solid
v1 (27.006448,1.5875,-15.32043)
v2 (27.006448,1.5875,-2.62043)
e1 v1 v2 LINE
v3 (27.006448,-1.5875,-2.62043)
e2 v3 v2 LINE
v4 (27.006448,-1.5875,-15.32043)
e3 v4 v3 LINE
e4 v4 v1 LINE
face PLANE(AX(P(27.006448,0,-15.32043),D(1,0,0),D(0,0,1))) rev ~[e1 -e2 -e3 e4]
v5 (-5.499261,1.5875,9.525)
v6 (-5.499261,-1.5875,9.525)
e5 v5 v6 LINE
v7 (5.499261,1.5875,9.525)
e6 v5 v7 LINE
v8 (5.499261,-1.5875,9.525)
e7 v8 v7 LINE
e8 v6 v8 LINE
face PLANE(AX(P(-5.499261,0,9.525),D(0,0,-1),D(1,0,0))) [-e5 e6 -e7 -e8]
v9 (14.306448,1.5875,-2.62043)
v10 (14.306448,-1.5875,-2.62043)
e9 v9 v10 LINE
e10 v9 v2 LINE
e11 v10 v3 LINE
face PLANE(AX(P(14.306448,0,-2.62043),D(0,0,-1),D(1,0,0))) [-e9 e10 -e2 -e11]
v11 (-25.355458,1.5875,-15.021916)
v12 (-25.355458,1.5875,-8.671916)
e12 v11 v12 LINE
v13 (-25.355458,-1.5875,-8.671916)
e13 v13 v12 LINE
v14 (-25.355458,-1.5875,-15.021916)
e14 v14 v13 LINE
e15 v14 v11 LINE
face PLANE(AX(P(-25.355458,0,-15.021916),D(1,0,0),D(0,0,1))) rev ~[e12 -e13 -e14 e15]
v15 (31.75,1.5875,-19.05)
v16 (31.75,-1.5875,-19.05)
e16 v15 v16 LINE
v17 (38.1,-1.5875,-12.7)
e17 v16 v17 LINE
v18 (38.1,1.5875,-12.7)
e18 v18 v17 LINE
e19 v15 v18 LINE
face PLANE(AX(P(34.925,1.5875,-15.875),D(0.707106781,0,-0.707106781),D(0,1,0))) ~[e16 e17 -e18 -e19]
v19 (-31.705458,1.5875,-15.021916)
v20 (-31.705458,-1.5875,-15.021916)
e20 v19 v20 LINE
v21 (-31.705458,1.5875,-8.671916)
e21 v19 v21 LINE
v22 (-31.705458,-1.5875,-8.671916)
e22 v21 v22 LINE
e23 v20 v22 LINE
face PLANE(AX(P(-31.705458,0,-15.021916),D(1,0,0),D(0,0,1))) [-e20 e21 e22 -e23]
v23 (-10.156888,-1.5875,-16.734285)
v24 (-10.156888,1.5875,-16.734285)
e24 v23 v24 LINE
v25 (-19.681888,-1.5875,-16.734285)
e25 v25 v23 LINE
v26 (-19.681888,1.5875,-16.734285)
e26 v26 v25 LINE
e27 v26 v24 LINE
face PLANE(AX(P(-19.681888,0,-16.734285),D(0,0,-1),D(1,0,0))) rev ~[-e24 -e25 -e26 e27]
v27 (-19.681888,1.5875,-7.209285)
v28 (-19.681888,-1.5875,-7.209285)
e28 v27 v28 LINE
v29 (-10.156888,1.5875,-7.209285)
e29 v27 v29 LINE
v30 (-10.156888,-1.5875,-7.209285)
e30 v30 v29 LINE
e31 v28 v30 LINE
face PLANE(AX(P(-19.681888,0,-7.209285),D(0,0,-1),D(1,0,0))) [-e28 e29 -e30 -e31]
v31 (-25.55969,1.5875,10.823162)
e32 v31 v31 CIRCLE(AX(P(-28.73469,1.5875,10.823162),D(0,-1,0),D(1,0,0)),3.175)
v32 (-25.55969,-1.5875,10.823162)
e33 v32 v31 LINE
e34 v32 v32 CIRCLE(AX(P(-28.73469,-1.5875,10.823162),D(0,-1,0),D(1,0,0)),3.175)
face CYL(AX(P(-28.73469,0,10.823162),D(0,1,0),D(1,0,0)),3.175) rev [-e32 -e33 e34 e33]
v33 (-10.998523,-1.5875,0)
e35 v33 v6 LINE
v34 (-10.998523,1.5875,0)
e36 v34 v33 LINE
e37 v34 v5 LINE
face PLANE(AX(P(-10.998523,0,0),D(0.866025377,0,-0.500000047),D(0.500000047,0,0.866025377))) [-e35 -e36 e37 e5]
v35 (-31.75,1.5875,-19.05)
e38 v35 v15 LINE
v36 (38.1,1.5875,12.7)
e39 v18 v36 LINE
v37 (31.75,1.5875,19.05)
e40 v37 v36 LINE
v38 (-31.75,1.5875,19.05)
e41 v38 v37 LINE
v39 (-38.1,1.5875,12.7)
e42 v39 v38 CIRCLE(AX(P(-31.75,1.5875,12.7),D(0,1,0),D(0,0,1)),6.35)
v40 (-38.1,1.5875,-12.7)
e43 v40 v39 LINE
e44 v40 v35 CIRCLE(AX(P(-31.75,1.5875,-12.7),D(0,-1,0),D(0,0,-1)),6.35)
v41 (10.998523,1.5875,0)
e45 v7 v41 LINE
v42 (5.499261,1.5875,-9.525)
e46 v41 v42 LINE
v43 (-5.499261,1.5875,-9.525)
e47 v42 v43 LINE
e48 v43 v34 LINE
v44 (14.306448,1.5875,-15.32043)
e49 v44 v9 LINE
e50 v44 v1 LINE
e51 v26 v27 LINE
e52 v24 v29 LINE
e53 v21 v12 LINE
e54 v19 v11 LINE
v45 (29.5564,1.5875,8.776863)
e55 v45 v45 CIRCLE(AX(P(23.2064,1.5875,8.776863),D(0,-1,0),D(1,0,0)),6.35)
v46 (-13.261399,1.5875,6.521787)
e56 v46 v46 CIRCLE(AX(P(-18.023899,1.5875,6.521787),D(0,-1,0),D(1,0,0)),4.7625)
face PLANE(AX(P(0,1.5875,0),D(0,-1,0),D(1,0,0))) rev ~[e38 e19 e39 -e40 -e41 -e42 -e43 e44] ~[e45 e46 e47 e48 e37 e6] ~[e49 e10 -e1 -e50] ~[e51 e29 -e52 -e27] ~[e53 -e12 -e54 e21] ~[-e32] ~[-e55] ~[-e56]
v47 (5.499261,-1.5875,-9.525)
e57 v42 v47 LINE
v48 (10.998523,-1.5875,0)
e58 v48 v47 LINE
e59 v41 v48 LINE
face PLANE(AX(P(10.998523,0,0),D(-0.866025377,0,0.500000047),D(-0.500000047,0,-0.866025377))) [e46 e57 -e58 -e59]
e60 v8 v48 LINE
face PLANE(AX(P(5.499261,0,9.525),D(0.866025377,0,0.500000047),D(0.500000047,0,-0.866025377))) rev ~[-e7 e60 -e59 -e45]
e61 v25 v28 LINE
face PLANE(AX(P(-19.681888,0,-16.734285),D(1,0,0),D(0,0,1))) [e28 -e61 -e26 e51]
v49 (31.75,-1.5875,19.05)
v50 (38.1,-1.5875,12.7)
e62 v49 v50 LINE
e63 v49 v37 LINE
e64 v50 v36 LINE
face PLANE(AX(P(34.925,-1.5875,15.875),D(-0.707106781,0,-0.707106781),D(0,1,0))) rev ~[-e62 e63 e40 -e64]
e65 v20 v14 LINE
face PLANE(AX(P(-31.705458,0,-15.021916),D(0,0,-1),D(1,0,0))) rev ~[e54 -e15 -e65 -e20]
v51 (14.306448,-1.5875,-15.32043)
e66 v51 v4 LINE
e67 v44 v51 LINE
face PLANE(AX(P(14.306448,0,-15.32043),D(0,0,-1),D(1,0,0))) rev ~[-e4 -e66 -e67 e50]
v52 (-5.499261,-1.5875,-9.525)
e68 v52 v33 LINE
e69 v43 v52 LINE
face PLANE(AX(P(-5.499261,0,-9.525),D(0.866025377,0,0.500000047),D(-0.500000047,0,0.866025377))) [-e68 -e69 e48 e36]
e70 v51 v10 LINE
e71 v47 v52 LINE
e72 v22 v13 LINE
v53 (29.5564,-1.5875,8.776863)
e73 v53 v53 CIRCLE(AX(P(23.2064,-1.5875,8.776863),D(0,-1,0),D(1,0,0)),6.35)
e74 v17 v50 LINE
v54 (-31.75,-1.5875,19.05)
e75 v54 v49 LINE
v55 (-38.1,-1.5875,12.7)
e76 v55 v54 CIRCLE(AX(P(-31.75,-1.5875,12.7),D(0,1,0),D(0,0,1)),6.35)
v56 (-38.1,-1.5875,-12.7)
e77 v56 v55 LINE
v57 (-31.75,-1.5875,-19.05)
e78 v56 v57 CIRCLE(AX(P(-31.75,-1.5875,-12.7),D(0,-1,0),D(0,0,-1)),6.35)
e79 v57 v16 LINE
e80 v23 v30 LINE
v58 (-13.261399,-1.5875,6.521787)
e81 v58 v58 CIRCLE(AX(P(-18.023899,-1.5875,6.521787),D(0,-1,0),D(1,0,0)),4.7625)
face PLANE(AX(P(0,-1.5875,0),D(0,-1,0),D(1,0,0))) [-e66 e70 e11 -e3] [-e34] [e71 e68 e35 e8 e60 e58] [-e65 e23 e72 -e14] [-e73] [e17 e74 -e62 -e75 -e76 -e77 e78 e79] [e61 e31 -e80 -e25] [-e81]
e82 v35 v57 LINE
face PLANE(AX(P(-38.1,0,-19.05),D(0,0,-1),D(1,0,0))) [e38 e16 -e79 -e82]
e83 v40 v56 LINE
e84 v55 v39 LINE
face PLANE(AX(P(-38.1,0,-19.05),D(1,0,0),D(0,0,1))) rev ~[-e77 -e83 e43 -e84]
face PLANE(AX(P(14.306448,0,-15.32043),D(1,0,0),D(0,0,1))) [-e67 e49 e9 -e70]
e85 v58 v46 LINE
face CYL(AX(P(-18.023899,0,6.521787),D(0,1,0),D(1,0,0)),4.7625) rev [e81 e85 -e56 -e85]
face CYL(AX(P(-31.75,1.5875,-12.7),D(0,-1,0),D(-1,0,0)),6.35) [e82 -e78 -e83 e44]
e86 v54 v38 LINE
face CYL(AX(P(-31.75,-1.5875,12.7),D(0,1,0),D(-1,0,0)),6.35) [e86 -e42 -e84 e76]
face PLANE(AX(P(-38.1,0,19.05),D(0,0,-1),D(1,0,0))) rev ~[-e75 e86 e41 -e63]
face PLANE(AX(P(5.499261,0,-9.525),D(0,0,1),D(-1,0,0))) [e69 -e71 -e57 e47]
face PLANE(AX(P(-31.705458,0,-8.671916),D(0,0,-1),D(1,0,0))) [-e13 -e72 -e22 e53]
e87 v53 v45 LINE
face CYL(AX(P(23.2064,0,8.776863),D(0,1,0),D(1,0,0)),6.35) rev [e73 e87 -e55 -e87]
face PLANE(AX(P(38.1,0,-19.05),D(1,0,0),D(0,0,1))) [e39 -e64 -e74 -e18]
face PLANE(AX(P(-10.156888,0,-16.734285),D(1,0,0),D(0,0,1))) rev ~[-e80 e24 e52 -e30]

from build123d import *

# Parameters (mm, degrees)
F0_W     = 76.2
F0_H     = 38.1
F0_W_2   = 6.35
F0_H_2   = 6.35
F0_W_3   = 9.525
F0_H_3   = 9.525
F0_W_4   = 12.7
F0_H_4   = 12.7
F0_R     = 4.7625
F0_R_2   = 3.175
F0_R_3   = 6.35
F1_DEPTH = 1.5875
F2_R     = 6.35
F3_SIZE  = 6.35


with BuildPart() as f1:
    # F0 (on Front) → F1 (new body, symmetric)
    with BuildSketch(Plane.XZ):
        Rectangle(F0_W, F0_H)
        with Locations((-28.530458, -11.846916)):
            Rectangle(F0_W_2, F0_H_2, mode=Mode.SUBTRACT)
        with Locations((-14.919388, -11.971785)):
            Rectangle(F0_W_3, F0_H_3, mode=Mode.SUBTRACT)
        with Locations((20.656448, -8.97043)):
            Rectangle(F0_W_4, F0_H_4, mode=Mode.SUBTRACT)
        with Locations((-18.023899, 6.521787)):
            Circle(F0_R, mode=Mode.SUBTRACT)
        with Locations((-28.73469, 10.823162)):
            Circle(F0_R_2, mode=Mode.SUBTRACT)
        Polygon((-10.998523, 0), (-5.499261, 9.525), (5.499261, 9.525), (10.998523, 0), (5.499261, -9.525), (-5.499261, -9.525), align=None, mode=Mode.SUBTRACT)
        with Locations((23.2064, 8.776863)):
            Circle(F0_R_3, mode=Mode.SUBTRACT)
    extrude(amount=F1_DEPTH, both=True)

    # F2
    f2_edges = [f1.edges().sort_by_distance(p)[0] for p in [
        (-38.1, 0, 19.05),
        (-38.1, 0, -19.05),
    ]]
    fillet(f2_edges, radius=F2_R)

    # F3
    f3_edges = [f1.edges().sort_by_distance(p)[0] for p in [
        (38.1, 0, 19.05),
        (38.1, 0, -19.05),
    ]]
    chamfer(f3_edges, length=F3_SIZE)


solid = f1.part
